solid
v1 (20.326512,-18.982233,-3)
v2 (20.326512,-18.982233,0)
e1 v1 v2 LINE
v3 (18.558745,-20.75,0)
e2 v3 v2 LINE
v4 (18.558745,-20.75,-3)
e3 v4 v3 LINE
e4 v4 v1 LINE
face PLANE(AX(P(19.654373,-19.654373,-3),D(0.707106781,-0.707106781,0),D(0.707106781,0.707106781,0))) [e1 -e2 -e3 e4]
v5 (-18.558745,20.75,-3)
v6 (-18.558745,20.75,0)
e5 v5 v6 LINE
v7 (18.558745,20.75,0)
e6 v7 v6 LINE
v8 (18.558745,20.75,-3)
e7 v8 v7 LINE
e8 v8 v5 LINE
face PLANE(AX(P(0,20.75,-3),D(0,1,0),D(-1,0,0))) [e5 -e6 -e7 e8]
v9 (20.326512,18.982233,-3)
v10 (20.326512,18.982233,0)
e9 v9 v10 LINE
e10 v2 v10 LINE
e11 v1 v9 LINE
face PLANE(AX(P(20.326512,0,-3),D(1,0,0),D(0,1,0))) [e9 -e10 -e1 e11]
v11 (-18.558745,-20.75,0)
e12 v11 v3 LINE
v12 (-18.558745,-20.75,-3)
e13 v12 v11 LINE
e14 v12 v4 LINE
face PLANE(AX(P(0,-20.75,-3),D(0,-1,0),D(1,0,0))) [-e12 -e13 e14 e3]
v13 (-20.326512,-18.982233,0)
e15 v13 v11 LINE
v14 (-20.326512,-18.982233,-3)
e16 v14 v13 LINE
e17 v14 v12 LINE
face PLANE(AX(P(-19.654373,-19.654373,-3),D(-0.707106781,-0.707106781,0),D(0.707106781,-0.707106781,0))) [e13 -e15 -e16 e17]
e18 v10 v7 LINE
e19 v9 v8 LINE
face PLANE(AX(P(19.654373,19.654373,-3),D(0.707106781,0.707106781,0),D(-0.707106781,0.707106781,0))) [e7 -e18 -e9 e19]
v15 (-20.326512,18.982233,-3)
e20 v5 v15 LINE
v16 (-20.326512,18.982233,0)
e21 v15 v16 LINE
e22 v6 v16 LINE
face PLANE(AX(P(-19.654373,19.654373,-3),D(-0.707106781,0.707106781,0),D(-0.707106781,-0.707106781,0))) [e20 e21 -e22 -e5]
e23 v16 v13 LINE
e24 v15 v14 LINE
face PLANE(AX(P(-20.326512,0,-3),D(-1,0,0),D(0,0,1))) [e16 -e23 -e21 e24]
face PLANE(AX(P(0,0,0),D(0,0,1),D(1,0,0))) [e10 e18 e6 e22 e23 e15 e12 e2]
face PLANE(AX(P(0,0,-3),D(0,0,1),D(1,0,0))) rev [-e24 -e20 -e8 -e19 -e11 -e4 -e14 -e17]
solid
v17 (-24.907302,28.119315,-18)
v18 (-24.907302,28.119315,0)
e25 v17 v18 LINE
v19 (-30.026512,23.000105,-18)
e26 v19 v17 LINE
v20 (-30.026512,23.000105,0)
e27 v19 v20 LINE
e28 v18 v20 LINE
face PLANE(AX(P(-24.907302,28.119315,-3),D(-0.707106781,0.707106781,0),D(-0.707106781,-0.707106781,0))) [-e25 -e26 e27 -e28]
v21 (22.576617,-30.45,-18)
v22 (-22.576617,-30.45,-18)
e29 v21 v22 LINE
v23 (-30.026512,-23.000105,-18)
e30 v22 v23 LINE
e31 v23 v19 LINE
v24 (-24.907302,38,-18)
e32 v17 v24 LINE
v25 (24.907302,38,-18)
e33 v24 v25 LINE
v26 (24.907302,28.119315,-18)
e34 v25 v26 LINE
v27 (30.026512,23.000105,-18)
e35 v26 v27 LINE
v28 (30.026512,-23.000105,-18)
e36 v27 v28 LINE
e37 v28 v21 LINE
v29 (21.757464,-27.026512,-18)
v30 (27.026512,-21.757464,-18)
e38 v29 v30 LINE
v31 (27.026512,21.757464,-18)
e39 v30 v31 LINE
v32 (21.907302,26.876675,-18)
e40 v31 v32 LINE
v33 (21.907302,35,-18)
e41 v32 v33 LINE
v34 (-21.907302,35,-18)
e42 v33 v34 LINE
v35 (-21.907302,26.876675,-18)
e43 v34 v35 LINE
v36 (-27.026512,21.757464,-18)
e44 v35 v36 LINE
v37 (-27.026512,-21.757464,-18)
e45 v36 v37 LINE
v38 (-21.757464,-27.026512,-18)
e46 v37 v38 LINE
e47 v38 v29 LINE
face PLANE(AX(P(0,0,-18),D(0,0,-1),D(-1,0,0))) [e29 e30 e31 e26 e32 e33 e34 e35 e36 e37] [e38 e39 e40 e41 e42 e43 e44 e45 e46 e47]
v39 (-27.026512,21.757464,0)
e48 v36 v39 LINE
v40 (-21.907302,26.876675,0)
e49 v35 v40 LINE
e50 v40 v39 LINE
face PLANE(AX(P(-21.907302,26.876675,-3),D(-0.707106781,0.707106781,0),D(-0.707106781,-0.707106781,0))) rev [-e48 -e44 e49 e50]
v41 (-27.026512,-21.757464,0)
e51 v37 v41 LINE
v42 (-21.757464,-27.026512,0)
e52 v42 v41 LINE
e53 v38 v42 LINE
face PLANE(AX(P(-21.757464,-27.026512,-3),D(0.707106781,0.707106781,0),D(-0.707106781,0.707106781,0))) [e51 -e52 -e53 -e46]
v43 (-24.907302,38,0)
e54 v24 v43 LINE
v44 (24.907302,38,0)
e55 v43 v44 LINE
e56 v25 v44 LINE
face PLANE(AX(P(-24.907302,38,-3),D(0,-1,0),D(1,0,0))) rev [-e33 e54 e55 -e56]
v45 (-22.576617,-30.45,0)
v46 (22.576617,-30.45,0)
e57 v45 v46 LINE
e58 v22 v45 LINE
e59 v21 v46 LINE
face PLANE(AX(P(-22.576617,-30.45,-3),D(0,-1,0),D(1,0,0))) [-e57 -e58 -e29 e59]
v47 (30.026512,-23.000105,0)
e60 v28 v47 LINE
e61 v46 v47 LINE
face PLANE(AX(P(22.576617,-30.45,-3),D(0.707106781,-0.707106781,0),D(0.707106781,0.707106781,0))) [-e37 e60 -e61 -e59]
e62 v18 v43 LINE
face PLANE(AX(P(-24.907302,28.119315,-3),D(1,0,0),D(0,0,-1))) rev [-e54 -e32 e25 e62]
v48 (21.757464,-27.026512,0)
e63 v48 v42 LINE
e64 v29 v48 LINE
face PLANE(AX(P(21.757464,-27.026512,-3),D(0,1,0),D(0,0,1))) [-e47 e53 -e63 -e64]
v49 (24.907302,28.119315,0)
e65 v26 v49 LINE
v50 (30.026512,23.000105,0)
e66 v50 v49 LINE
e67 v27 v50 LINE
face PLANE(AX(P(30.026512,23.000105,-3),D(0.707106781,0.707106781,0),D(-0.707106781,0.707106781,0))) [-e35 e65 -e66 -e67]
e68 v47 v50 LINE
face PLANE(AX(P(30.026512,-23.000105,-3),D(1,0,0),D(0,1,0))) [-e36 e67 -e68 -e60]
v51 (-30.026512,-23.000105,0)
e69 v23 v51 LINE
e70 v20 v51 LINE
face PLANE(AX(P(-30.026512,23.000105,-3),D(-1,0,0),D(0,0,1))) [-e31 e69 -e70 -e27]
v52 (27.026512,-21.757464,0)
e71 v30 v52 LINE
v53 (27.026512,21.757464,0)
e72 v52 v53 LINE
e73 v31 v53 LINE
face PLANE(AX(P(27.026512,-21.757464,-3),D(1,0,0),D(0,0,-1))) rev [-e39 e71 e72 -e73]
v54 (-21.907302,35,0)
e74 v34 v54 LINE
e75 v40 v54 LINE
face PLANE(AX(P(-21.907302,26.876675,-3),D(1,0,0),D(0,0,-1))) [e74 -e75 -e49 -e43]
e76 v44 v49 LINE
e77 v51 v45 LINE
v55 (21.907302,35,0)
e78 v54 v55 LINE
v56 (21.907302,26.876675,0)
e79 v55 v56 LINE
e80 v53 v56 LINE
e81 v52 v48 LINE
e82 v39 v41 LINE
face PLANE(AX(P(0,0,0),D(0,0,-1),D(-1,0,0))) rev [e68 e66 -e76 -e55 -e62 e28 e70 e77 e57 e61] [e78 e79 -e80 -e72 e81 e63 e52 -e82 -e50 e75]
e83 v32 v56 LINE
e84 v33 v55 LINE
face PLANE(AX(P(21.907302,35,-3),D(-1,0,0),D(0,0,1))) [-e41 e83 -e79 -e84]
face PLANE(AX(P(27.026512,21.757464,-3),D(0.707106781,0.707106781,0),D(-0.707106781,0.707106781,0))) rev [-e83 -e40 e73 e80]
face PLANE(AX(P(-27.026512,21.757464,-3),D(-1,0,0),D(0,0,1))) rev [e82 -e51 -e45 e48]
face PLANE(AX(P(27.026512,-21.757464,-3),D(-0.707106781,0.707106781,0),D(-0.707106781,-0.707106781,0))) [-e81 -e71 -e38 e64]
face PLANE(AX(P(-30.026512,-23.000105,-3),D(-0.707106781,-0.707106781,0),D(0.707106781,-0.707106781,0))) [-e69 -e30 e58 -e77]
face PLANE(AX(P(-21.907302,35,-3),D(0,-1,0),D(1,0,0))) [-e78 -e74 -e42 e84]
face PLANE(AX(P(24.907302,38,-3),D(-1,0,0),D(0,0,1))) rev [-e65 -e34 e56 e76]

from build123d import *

# Parameters (mm, degrees)
SALIENTE_EXTRUIR1_DEPTH   = 3
SALIENTE_EXTRUIR1_2_DEPTH = 3
SALIENTE_EXTRUIR3_DEPTH   = 15


with BuildPart() as part:
    # Croquis1 → Saliente-Extruir1 (new body)
    with BuildSketch(Plane.XY):
        Polygon((-24.907301525, 28.119315281), (-30.026512204, 23.000104602), (-30.026512204, -23.000104602), (-22.576616806, -30.45), (22.576616806, -30.45), (30.026512204, -23.000104602), (30.026512204, 23.000104602), (24.907301525, 28.119315281), (24.907301525, 38), (-24.907301525, 38), align=None)
        Polygon((-21.907301525, 26.876674594), (-27.026512204, 21.757463915), (-27.026512204, -21.757463915), (-21.757463915, -27.026512204), (21.757463915, -27.026512204), (27.026512204, -21.757463915), (27.026512204, 21.757463915), (21.907301525, 26.876674594), (21.907301525, 35), (-21.907301525, 35), align=None, mode=Mode.SUBTRACT)
    extrude(amount=-SALIENTE_EXTRUIR1_DEPTH)

    # Croquis2 → Saliente-Extruir3 (add)
    with BuildSketch(Plane(origin=(0, 0, -3), x_dir=(-1, 0, 0), z_dir=(0, 0, -1))):
        Polygon((-24.907301525, 28.119315281), (-30.026512204, 23.000104602), (-30.026512204, -23.000104602), (-22.576616806, -30.45), (22.576616806, -30.45), (30.026512204, -23.000104602), (30.026512204, 23.000104602), (24.907301525, 28.119315281), (24.907301525, 38), (-24.907301525, 38), align=None)
        Polygon((27.026512204, -21.757463915), (21.757463915, -27.026512204), (-21.757463915, -27.026512204), (-27.026512204, -21.757463915), (-27.026512204, 21.757463915), (-21.907301525, 26.876674594), (-21.907301525, 35), (21.907301525, 35), (21.907301525, 26.876674594), (27.026512204, 21.757463915), align=None, mode=Mode.SUBTRACT)
    extrude(amount=SALIENTE_EXTRUIR3_DEPTH)


with BuildPart() as body_2:
    # Croquis1 → Saliente-Extruir1 2 (new body)
    with BuildSketch(Plane.XY):
        Polygon((-18.558745251, 20.75), (-20.326512204, 18.982233047), (-20.326512204, -18.982233047), (-18.558745251, -20.75), (18.558745251, -20.75), (20.326512204, -18.982233047), (20.326512204, 18.982233047), (18.558745251, 20.75), align=None)
    extrude(amount=-SALIENTE_EXTRUIR1_2_DEPTH)


solid = Compound([part.part, body_2.part])
